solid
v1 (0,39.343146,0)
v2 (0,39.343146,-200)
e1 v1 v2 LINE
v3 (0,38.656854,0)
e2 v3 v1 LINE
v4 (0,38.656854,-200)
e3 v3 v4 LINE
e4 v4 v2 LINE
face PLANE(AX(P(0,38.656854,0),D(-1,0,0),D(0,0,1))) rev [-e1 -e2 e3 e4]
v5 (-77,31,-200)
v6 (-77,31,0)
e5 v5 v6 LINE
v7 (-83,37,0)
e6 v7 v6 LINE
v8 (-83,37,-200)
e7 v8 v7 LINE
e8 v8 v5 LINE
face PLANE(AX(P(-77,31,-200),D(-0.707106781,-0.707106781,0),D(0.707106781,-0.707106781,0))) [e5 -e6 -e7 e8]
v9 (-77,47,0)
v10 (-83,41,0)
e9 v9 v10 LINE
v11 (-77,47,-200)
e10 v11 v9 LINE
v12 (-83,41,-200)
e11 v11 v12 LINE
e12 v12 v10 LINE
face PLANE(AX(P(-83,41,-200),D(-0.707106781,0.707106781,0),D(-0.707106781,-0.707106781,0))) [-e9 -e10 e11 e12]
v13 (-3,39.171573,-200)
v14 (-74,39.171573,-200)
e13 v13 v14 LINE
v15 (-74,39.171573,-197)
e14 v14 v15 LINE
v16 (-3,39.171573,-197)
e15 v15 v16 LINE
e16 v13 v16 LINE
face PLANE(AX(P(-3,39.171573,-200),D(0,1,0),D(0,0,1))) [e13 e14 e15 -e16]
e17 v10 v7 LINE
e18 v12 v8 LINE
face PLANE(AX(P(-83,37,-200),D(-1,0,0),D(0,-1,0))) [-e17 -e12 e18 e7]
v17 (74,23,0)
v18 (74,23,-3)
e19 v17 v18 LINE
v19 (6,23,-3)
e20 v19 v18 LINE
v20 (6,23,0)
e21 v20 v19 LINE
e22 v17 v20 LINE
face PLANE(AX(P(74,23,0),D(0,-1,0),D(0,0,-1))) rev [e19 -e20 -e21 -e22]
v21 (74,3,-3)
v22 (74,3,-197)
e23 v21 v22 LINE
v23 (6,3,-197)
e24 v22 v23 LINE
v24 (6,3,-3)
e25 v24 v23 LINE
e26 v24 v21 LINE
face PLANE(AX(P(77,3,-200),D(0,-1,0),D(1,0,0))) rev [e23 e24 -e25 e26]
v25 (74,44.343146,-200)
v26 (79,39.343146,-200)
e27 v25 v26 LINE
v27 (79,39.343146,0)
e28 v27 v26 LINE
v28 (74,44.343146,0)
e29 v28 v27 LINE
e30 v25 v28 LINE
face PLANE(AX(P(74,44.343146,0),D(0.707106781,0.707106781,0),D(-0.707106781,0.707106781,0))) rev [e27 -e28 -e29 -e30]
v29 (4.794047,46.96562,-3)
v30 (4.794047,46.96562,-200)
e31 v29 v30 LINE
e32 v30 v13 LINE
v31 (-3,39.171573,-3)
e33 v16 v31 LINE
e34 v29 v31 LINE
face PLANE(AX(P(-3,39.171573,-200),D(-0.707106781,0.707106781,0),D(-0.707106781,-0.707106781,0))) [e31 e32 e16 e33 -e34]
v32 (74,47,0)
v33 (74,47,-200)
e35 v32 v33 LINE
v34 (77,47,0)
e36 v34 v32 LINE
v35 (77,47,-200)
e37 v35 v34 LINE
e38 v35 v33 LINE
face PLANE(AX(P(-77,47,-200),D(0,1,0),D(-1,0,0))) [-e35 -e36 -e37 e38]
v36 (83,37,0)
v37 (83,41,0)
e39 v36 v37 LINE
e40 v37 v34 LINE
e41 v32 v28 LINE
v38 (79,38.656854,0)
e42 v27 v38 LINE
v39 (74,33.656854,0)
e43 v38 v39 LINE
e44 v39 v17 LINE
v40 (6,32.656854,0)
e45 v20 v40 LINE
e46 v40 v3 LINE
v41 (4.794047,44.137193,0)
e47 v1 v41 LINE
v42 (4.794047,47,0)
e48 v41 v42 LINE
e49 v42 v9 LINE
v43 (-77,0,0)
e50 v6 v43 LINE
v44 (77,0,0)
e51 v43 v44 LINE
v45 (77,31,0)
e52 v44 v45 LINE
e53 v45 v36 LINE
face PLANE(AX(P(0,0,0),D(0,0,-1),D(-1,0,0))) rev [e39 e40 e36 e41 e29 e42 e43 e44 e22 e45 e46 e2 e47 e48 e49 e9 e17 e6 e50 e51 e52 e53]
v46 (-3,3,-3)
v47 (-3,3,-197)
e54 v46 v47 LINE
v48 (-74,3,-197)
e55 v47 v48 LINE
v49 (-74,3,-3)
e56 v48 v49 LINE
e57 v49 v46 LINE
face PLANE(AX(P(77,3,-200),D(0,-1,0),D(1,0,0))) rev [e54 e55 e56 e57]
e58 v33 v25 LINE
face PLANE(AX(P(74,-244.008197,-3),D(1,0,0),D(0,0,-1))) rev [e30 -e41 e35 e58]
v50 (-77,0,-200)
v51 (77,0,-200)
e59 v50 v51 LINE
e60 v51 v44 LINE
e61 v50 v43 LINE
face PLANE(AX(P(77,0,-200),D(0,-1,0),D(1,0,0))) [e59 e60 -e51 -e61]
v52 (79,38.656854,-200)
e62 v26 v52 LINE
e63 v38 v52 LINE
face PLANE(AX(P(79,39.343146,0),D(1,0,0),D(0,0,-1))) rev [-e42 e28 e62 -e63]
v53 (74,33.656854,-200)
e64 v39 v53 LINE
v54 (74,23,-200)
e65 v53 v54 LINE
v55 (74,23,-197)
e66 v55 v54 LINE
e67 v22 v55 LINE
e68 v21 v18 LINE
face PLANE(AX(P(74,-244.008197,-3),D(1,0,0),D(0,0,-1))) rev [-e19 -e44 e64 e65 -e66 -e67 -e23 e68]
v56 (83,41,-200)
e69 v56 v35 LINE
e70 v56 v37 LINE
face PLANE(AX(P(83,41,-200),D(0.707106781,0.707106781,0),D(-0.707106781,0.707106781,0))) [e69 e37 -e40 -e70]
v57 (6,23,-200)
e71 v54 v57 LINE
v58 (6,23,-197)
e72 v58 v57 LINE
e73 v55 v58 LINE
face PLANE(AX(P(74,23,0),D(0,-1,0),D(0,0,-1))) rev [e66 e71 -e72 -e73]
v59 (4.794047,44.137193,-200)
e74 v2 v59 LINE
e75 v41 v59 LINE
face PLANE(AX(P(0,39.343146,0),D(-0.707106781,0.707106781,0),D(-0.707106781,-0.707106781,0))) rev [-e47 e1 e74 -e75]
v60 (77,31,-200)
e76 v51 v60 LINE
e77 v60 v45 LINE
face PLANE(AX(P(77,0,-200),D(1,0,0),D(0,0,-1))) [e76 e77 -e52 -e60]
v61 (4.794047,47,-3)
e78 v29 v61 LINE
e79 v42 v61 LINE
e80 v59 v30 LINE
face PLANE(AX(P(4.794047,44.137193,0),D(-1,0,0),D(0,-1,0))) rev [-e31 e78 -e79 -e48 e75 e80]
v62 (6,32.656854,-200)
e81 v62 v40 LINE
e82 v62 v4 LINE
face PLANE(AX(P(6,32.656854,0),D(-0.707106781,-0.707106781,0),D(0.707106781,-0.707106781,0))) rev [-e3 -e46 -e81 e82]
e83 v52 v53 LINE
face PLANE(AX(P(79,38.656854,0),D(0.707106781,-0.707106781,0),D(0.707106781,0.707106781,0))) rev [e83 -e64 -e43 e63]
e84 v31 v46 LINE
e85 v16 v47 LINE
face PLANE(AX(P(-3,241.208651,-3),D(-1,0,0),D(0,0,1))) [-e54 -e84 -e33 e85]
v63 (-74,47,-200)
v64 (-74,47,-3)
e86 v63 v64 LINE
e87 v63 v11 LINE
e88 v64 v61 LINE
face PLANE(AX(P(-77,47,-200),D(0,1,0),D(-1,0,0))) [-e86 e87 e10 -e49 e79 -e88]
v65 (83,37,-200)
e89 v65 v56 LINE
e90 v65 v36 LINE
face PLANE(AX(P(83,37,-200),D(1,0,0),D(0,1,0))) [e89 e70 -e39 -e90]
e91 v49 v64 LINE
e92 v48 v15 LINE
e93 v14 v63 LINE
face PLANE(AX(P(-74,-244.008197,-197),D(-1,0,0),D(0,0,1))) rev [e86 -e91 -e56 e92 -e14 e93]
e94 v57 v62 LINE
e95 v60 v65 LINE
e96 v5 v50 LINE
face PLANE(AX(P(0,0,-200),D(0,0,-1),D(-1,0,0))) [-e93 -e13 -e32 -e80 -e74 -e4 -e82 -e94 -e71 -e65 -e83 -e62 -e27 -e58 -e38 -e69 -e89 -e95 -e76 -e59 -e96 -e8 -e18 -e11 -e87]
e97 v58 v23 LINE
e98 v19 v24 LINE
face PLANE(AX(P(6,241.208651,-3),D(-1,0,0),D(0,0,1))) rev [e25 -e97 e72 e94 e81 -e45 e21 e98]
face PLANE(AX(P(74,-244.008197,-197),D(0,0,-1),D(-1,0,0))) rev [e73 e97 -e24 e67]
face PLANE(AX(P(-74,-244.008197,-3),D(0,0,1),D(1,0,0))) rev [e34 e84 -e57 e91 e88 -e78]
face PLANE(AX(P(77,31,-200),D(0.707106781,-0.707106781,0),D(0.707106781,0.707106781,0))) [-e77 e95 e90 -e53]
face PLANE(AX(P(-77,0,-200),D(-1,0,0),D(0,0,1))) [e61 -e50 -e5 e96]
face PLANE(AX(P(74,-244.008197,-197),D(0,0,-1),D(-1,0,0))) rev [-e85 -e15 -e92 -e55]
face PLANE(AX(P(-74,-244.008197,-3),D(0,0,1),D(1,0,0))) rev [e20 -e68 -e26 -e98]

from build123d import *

# Parameters (mm, degrees)
EXTRUDE_1_DEPTH     = 200
SKETCH_2_W          = 148
SKETCH_2_H          = 194
CUT_EXTRUDE_1_DEPTH = 44
SKETCH_3_W          = 9
SKETCH_3_H          = 194
EXTRUDE_1_2_DEPTH   = 44
CUT_EXTRUDE_2_DEPTH = 222.580685079
CUT_EXTRUDE_3_DEPTH = 219.876677606


with BuildPart() as part:
    # 草图1 → Extrude 1 (new body)
    with BuildSketch(Plane.XY):
        Polygon((77, 0), (-77, 0), (-77, 31), (-83, 37), (-83, 41), (-77, 47), (77, 47), (83, 41), (83, 37), (77, 31), align=None)
    extrude(amount=-EXTRUDE_1_DEPTH)

    # 草图2 → 切除-拉伸1 (cut)
    with BuildSketch(Plane(origin=(0, 47, 0), x_dir=(1, 0, 0), z_dir=(0, 1, 0))):
        with Locations((0, 100)):
            Rectangle(SKETCH_2_W, SKETCH_2_H)
    extrude(amount=-CUT_EXTRUDE_1_DEPTH, mode=Mode.SUBTRACT)

    # 草图3 → Extrude 1 2 (add)
    with BuildSketch(Plane(origin=(0, 3, 0), x_dir=(1, 0, 0), z_dir=(0, 1, 0))):
        with Locations((1.5, 100)):
            Rectangle(SKETCH_3_W, SKETCH_3_H)
    extrude(amount=EXTRUDE_1_2_DEPTH)

    # 草图5 → 切除-拉伸2 (cut, through all)
    with BuildSketch(Plane(origin=(0, 0, -200), x_dir=(-1, 0, 0), z_dir=(0, 0, -1))):
        Polygon((-74, 47), (-74, 44.343145751), (-79, 39.343145751), (-79, 38.656854249), (-74, 33.656854249), (-74, 23), (-6, 23), (-6, 32.656854249), (0, 38.656854249), (0, 39.343145751), (-4.7940469, 44.137192651), (-4.7940469, 47), align=None)
    extrude(amount=-CUT_EXTRUDE_2_DEPTH, mode=Mode.SUBTRACT)

    # 草图6 → 切除-拉伸3 (cut, through all)
    with BuildSketch(Plane(origin=(0, 0, -3), x_dir=(-1, 0, 0), z_dir=(0, 0, -1))):
        Polygon((-4.828427125, 47), (3, 47), (74, 47), (74, 39.171572875), (3, 39.171572875), align=None)
    extrude(amount=CUT_EXTRUDE_3_DEPTH, mode=Mode.SUBTRACT)


solid = part.part
